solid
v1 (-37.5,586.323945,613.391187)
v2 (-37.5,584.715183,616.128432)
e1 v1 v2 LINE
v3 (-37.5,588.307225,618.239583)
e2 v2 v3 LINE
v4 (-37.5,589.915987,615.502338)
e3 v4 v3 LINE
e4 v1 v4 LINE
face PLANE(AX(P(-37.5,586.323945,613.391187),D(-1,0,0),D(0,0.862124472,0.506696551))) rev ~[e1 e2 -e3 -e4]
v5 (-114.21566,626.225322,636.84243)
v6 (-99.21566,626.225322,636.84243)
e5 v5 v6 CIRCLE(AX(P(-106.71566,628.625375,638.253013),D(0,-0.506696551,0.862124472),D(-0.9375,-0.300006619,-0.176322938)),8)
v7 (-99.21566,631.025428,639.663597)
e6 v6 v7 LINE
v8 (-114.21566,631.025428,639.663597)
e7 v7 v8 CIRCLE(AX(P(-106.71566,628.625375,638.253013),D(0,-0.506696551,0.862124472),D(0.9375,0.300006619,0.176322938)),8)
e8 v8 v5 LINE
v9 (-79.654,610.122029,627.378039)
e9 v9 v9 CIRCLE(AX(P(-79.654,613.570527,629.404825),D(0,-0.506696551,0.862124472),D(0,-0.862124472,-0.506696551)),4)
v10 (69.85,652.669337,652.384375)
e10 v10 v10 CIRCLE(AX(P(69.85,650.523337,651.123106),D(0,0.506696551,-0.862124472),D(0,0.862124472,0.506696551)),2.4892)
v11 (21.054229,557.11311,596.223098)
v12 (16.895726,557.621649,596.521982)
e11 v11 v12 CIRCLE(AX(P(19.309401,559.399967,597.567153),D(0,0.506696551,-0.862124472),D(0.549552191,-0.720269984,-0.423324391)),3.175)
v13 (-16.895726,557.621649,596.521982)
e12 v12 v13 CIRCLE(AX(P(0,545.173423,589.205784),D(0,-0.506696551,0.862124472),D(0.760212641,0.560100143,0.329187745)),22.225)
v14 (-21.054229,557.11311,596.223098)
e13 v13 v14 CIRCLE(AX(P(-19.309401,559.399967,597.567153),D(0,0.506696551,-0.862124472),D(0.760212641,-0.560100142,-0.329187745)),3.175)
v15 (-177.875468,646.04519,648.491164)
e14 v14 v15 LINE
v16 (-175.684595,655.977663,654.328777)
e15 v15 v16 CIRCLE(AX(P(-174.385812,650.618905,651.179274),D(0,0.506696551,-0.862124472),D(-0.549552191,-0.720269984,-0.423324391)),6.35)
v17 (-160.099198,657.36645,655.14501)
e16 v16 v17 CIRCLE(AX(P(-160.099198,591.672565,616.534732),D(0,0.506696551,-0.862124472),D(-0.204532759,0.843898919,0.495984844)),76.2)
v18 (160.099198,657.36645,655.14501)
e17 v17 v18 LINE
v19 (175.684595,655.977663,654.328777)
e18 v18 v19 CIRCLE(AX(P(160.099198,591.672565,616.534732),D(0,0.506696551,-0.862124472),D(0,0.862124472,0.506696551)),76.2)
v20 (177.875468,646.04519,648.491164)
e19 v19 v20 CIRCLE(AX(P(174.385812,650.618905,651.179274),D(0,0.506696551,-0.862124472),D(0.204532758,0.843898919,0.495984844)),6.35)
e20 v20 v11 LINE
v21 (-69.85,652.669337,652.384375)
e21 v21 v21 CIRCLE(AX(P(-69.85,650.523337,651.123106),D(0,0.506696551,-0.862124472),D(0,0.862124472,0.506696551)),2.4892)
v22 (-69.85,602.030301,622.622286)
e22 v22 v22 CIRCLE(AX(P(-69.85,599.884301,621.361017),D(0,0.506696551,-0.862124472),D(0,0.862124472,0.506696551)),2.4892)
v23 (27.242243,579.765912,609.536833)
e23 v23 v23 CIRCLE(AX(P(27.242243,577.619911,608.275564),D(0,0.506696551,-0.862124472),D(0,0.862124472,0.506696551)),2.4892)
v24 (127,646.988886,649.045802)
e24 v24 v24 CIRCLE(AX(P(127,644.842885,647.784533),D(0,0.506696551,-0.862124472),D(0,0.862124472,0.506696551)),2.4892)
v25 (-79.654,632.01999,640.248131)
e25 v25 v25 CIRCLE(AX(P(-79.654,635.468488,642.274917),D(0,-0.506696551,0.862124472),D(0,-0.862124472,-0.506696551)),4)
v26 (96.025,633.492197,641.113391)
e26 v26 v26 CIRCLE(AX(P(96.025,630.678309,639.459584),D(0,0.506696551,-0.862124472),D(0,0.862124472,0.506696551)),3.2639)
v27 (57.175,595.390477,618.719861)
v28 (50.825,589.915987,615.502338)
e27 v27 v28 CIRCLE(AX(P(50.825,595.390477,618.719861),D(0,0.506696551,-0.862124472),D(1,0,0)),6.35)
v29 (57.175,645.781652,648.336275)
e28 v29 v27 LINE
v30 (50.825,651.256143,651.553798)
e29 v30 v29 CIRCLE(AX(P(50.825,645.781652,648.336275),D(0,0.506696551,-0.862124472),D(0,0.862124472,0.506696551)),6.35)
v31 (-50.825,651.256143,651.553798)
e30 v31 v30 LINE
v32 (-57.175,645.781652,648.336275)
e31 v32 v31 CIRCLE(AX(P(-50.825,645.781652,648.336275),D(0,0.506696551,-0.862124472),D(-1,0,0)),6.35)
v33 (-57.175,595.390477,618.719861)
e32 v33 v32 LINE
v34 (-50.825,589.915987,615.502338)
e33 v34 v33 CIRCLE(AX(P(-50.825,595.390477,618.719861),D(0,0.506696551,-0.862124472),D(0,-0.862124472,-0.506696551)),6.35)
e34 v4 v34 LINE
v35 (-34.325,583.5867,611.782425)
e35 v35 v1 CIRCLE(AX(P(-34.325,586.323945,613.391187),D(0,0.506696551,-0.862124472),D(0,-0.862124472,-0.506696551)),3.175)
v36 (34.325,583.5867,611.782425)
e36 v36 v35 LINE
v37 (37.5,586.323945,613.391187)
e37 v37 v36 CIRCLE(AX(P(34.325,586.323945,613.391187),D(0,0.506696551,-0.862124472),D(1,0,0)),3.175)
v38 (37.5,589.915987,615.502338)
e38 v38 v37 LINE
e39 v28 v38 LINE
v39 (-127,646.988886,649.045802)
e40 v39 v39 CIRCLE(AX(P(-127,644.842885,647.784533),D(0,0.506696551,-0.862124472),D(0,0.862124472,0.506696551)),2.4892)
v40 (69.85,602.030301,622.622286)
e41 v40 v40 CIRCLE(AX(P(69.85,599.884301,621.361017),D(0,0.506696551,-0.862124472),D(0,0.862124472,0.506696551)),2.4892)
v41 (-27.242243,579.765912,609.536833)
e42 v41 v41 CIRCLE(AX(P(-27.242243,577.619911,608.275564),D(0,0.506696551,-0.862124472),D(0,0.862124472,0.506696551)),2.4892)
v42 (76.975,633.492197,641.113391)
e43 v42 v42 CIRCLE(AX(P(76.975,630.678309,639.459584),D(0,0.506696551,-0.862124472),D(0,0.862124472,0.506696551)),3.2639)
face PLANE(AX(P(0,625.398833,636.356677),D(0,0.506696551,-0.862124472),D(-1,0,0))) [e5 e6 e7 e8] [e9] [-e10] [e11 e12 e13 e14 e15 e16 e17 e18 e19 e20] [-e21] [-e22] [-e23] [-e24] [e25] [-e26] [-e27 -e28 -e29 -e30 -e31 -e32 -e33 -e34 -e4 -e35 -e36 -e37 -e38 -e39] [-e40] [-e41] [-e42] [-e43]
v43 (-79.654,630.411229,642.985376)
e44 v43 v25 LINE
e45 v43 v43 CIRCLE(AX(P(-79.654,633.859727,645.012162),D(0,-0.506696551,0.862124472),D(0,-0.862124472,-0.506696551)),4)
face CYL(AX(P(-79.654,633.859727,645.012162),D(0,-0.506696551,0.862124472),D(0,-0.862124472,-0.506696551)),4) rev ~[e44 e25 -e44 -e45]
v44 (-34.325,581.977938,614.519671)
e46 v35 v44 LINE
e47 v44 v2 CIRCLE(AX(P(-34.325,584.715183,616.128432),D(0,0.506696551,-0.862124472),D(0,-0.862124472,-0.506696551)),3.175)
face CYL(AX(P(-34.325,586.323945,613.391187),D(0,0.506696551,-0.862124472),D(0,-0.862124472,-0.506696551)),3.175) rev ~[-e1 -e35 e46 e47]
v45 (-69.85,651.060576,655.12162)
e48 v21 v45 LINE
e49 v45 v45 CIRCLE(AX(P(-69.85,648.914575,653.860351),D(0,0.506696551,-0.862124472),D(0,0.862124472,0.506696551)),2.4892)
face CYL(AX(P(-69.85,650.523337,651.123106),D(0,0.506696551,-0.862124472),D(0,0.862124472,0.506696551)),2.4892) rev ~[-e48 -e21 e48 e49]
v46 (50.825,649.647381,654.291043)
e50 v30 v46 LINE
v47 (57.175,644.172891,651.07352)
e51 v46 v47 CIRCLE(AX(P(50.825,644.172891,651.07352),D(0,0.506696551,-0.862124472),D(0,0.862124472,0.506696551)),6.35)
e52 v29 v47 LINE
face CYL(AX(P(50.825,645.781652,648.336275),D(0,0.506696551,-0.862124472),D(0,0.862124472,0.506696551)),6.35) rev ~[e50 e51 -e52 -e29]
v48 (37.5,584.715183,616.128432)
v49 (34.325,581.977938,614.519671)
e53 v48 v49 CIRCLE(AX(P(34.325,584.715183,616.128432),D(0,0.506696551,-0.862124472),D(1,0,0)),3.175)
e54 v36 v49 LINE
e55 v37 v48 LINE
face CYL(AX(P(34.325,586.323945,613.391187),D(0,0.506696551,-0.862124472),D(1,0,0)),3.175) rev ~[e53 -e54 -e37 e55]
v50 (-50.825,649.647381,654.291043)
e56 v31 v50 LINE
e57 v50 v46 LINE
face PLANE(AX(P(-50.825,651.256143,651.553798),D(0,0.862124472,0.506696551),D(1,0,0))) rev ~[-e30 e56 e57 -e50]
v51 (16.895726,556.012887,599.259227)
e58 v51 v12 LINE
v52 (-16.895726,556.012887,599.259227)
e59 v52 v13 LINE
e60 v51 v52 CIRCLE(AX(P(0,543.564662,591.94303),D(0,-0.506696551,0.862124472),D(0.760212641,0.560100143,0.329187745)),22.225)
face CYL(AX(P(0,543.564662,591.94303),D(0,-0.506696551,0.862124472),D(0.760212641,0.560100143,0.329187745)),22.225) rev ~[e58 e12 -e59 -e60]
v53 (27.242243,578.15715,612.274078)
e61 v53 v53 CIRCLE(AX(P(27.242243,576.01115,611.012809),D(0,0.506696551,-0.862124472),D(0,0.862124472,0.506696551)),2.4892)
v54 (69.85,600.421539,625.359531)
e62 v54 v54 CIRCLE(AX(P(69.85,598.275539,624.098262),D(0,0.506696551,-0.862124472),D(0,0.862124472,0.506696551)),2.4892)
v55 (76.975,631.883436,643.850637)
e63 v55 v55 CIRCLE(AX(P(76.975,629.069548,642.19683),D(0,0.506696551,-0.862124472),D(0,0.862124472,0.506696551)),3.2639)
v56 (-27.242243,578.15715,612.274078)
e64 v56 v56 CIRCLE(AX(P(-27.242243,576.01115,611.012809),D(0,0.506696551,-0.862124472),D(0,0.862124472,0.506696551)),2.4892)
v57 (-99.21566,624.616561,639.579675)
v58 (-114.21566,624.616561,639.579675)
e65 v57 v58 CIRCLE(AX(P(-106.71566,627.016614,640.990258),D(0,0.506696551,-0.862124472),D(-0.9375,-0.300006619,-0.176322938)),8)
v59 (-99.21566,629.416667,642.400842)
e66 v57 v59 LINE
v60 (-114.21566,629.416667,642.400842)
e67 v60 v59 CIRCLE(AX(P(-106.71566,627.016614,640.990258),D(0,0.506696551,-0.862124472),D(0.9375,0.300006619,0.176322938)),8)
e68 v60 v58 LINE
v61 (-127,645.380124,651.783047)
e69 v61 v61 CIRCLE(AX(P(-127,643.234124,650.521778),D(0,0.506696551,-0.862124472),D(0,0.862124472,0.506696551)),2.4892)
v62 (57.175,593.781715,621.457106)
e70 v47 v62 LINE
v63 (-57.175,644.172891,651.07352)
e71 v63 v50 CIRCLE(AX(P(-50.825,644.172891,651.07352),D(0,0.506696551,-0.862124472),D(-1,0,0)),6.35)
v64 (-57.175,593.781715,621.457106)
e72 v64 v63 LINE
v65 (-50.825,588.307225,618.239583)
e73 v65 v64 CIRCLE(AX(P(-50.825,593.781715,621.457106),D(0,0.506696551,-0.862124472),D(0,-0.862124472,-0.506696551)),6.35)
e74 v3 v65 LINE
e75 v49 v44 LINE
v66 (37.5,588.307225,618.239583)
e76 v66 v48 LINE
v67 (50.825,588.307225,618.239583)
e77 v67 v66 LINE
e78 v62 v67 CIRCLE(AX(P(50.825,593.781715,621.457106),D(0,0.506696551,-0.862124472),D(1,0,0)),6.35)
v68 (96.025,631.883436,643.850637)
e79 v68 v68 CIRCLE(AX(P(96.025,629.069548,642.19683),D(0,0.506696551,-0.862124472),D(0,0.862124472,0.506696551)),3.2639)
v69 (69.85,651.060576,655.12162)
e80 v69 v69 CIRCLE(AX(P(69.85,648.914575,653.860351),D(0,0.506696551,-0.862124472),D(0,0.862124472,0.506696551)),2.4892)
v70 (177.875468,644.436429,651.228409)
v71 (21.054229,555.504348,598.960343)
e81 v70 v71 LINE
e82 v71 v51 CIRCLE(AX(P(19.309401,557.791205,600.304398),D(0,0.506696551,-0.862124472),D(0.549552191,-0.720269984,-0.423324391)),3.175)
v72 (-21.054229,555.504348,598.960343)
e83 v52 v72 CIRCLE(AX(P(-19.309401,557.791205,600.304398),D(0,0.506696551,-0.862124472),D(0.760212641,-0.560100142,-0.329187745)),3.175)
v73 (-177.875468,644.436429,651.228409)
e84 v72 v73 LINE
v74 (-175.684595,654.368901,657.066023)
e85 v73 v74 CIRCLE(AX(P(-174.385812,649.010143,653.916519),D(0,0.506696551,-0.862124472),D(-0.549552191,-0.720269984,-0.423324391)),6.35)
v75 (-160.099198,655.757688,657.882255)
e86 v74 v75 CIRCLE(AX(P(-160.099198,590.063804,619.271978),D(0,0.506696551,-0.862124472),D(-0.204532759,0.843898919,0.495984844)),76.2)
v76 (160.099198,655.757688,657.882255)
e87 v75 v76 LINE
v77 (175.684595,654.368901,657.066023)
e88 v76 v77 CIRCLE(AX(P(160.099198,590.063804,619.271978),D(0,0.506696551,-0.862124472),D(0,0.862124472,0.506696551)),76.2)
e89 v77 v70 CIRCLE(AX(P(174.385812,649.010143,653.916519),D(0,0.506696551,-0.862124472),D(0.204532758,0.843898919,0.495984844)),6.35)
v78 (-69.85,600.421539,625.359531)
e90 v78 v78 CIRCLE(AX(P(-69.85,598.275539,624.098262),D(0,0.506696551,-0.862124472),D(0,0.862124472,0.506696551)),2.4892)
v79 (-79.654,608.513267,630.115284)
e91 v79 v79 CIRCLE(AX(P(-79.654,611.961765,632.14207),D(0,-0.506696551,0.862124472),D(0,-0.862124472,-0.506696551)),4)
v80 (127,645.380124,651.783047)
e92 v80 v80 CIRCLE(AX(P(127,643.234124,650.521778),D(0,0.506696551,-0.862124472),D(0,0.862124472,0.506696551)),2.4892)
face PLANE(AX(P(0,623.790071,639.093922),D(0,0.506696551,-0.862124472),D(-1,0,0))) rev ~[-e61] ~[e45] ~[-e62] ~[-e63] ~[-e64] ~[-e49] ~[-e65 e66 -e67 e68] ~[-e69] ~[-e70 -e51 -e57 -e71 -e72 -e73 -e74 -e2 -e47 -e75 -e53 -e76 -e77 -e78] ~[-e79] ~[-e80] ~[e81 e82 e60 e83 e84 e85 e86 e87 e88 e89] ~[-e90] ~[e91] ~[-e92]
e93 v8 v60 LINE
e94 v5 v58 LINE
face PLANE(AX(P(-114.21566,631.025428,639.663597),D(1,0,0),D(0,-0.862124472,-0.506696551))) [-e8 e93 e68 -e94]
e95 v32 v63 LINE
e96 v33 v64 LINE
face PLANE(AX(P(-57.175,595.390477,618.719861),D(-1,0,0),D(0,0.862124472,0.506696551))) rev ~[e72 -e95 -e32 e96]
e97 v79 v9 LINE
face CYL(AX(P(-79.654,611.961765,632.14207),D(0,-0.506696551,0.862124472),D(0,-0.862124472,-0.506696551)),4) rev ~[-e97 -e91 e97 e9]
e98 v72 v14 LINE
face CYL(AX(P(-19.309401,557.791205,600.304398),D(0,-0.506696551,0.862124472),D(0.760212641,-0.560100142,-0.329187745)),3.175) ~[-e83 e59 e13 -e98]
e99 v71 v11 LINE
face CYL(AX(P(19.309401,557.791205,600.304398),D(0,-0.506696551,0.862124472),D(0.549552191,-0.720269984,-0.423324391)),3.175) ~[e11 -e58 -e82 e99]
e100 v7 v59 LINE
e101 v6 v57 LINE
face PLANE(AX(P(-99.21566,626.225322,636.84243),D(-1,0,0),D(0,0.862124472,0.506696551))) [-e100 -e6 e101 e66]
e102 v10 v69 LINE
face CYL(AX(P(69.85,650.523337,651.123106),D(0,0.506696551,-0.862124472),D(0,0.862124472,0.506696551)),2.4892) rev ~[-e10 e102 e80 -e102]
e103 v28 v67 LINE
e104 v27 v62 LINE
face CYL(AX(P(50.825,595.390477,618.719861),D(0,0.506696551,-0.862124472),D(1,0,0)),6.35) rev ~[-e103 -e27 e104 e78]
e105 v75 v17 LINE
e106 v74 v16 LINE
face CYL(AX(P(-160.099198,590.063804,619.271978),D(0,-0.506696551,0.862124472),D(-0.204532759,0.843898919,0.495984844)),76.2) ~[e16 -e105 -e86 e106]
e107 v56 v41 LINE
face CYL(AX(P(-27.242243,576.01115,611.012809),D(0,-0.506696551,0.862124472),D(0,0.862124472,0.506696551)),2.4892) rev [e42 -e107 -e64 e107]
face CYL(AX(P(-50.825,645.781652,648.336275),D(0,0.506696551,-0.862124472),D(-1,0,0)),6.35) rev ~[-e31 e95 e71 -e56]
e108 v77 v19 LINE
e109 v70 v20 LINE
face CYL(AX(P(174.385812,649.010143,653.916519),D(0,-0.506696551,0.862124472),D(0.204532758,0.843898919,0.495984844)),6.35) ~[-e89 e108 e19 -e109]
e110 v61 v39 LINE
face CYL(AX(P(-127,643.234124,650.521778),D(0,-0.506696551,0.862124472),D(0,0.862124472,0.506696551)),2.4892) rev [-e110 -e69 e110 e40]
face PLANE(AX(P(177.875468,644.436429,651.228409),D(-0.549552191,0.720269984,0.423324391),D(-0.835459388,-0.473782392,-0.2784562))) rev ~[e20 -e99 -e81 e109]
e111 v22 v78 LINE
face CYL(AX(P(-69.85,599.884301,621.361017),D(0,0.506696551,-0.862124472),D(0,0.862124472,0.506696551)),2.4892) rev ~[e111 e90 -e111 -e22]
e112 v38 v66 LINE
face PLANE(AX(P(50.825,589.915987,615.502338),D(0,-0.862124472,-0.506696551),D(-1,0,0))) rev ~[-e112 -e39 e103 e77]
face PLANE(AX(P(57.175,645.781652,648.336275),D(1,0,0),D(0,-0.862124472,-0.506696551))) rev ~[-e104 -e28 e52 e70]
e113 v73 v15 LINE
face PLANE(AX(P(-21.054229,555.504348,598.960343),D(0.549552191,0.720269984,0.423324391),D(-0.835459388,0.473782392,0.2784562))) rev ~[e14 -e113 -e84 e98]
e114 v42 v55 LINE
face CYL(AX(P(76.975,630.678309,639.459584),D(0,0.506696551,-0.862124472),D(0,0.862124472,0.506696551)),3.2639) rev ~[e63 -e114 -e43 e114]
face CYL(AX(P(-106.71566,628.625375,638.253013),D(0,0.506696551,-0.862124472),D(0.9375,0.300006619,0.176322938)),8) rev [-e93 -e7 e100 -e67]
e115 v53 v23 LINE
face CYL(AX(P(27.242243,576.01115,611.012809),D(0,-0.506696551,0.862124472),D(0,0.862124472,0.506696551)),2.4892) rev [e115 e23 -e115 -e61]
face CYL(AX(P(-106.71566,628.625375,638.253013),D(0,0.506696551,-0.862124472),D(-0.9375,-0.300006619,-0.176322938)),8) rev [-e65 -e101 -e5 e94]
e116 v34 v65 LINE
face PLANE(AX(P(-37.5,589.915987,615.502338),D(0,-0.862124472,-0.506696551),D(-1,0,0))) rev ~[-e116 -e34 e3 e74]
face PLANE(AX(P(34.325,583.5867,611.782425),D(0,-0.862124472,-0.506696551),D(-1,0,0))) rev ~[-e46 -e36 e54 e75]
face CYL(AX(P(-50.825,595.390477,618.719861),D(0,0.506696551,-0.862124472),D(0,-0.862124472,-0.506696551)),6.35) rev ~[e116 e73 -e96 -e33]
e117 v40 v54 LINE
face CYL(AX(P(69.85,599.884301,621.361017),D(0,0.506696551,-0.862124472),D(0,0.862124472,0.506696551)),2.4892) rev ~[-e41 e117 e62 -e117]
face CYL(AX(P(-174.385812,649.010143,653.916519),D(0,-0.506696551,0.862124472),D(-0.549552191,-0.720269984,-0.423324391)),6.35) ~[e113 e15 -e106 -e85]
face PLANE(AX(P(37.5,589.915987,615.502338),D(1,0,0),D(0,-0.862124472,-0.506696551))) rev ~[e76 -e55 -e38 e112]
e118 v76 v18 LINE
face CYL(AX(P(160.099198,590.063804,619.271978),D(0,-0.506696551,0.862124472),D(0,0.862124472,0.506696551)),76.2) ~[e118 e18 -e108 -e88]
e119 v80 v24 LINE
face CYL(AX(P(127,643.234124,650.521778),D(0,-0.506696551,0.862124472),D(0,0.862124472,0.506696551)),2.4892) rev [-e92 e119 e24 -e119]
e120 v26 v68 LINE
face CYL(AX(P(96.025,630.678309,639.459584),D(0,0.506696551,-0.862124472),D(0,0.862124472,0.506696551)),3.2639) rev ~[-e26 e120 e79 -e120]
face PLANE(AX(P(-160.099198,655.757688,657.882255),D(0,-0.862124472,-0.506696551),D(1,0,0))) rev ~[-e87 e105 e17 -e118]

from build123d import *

# Parameters (mm, degrees)
SKETCH2_R           = 2.4892
BOSS_EXTRUDE1_DEPTH = 3.175
SKETCH4_R           = 2.4892
CUT_EXTRUDE1_DEPTH  = 919.047972743
SKETCH6_R           = 4
CUT_EXTRUDE3_DEPTH  = 919.045301638
CUT_EXTRUDE2_DEPTH  = 919.047972743
SKETCH7_R           = 3.2639
CUT_EXTRUDE4_DEPTH  = 919.047972743
CUT_EXTRUDE5_DEPTH  = 919.047972743


with BuildPart() as part:
    # Sketch2 → Boss-Extrude1 (new body)
    with BuildSketch(Plane(origin=(0, -119.026177706, 202.518411263), x_dir=(-1, 0, 0), z_dir=(-7.267823095607155e-15, 0.506696551391541, -0.8621244717602671))):
        with BuildLine():
            Line((21.054229278, 782.405033139), (177.875467972, 885.559604741))
            ThreePointArc((177.875467972, 885.559604741), (180.62401835, 892.051058523), (175.684594577, 897.080531077))
            ThreePointArc((175.684594577, 897.080531077), (167.933410831, 898.287628232), (160.099198372, 898.691420443))
            Line((160.099198372, 898.691420443), (-160.099198372, 898.691420443))
            ThreePointArc((-160.099198372, 898.691420443), (-167.933410831, 898.287628232), (-175.684594577, 897.080531077))
            ThreePointArc((-175.684594577, 897.080531077), (-180.62401835, 892.051058523), (-177.875467972, 885.559604741))
            Line((-177.875467972, 885.559604741), (-21.054229278, 782.405033139))
            ThreePointArc((-21.054229278, 782.405033139), (-18.86350312, 781.91408365), (-16.895725938, 782.994900685))
            ThreePointArc((-16.895725938, 782.994900685), (0, 790.780888599), (16.895725938, 782.994900685))
            ThreePointArc((16.895725938, 782.994900685), (18.86350312, 781.91408365), (21.054229278, 782.405033139))
        make_face()
        with Locations((-127, 884.16502092)):
            Circle(SKETCH2_R, mode=Mode.SUBTRACT)
        with Locations((-27.242242795, 806.191391474)):
            Circle(SKETCH2_R, mode=Mode.SUBTRACT)
        with Locations((27.242242795, 806.191391474)):
            Circle(SKETCH2_R, mode=Mode.SUBTRACT)
        with Locations((127, 884.16502092)):
            Circle(SKETCH2_R, mode=Mode.SUBTRACT)
    extrude(amount=BOSS_EXTRUDE1_DEPTH)

    # Sketch4 → Cut-Extrude1 (cut, through all)
    with BuildSketch(Plane(origin=(0, -117.417416155, 199.781166065), x_dir=(-1, 0, 0), z_dir=(-7.267823095607155e-15, 0.506696551391541, -0.8621244717602671))):
        with Locations((-69.85, 890.753920443)):
            Circle(SKETCH4_R)
        with Locations((-69.85, 832.016420443)):
            Circle(SKETCH4_R)
        with Locations((69.85, 832.016420443)):
            Circle(SKETCH4_R)
        with Locations((69.85, 890.753920443)):
            Circle(SKETCH4_R)
    extrude(amount=-CUT_EXTRUDE1_DEPTH, mode=Mode.SUBTRACT)

    # Sketch6 → Cut-Extrude3 (cut, through all)
    with BuildSketch(Plane(origin=(0, -119.026177706, 202.518411263), x_dir=(1, 0, 0), z_dir=(7.267823095607155e-15, -0.506696551391541, 0.8621244717602671))):
        with Locations((-79.654, 873.291420443)):
            Circle(SKETCH6_R)
        with Locations((-79.654, 847.891420443)):
            Circle(SKETCH6_R)
    extrude(amount=-CUT_EXTRUDE3_DEPTH, mode=Mode.SUBTRACT)

    # Sketch5 → Cut-Extrude2 (cut, through all)
    with BuildSketch(Plane(origin=(0, -117.417416155, 199.781166065), x_dir=(-1, 0, 0), z_dir=(-7.267823095607155e-15, 0.506696551391541, -0.8621244717602671))):
        with BuildLine():
            Line((99.215659501, 862.570038261), (99.215659501, 868.137802624))
            ThreePointArc((99.215659501, 868.137802624), (106.715659501, 873.353920443), (114.215659501, 868.137802624))
            Line((114.215659501, 868.137802624), (114.215659501, 862.570038261))
            ThreePointArc((114.215659501, 862.570038261), (106.715659501, 857.353920443), (99.215659501, 862.570038261))
        make_face()
    extrude(amount=-CUT_EXTRUDE2_DEPTH, mode=Mode.SUBTRACT)

    # Sketch7 → Cut-Extrude4 (cut, through all)
    with BuildSketch(Plane(origin=(0, -117.417416155, 199.781166065), x_dir=(-1, 0, 0), z_dir=(-7.267823095607155e-15, 0.506696551391541, -0.8621244717602671))):
        with Locations((-76.975, 867.735170443)):
            Circle(SKETCH7_R)
        with Locations((-96.025, 867.735170443)):
            Circle(SKETCH7_R)
    extrude(amount=-CUT_EXTRUDE4_DEPTH, mode=Mode.SUBTRACT)

    # Sketch8 → Cut-Extrude5 (cut, through all)
    with BuildSketch(Plane(origin=(0, -117.417416155, 199.781166065), x_dir=(-1, 0, 0), z_dir=(-7.267823095607155e-15, 0.506696551391541, -0.8621244717602671))):
        with BuildLine():
            Line((50.825, 891.603920443), (-50.825, 891.603920443))
            ThreePointArc((-50.825, 891.603920443), (-55.315128061, 889.744048503), (-57.175, 885.253920443))
            Line((-57.175, 885.253920443), (-57.175, 826.803920443))
            ThreePointArc((-57.175, 826.803920443), (-55.315128061, 822.313792382), (-50.825, 820.453920443))
            Line((-50.825, 820.453920443), (-37.5, 820.453920443))
            Line((-37.5, 820.453920443), (-37.5, 816.287420443))
            ThreePointArc((-37.5, 816.287420443), (-36.57006403, 814.042356413), (-34.325, 813.112420443))
            Line((-34.325, 813.112420443), (34.325, 813.112420443))
            ThreePointArc((34.325, 813.112420443), (36.57006403, 814.042356413), (37.5, 816.287420443))
            Line((37.5, 816.287420443), (37.5, 820.453920443))
            Line((37.5, 820.453920443), (50.825, 820.453920443))
            ThreePointArc((50.825, 820.453920443), (55.315128061, 822.313792382), (57.175, 826.803920443))
            Line((57.175, 826.803920443), (57.175, 885.253920443))
            ThreePointArc((57.175, 885.253920443), (55.315128061, 889.744048503), (50.825, 891.603920443))
        make_face()
    extrude(amount=-CUT_EXTRUDE5_DEPTH, mode=Mode.SUBTRACT)


solid = part.part
